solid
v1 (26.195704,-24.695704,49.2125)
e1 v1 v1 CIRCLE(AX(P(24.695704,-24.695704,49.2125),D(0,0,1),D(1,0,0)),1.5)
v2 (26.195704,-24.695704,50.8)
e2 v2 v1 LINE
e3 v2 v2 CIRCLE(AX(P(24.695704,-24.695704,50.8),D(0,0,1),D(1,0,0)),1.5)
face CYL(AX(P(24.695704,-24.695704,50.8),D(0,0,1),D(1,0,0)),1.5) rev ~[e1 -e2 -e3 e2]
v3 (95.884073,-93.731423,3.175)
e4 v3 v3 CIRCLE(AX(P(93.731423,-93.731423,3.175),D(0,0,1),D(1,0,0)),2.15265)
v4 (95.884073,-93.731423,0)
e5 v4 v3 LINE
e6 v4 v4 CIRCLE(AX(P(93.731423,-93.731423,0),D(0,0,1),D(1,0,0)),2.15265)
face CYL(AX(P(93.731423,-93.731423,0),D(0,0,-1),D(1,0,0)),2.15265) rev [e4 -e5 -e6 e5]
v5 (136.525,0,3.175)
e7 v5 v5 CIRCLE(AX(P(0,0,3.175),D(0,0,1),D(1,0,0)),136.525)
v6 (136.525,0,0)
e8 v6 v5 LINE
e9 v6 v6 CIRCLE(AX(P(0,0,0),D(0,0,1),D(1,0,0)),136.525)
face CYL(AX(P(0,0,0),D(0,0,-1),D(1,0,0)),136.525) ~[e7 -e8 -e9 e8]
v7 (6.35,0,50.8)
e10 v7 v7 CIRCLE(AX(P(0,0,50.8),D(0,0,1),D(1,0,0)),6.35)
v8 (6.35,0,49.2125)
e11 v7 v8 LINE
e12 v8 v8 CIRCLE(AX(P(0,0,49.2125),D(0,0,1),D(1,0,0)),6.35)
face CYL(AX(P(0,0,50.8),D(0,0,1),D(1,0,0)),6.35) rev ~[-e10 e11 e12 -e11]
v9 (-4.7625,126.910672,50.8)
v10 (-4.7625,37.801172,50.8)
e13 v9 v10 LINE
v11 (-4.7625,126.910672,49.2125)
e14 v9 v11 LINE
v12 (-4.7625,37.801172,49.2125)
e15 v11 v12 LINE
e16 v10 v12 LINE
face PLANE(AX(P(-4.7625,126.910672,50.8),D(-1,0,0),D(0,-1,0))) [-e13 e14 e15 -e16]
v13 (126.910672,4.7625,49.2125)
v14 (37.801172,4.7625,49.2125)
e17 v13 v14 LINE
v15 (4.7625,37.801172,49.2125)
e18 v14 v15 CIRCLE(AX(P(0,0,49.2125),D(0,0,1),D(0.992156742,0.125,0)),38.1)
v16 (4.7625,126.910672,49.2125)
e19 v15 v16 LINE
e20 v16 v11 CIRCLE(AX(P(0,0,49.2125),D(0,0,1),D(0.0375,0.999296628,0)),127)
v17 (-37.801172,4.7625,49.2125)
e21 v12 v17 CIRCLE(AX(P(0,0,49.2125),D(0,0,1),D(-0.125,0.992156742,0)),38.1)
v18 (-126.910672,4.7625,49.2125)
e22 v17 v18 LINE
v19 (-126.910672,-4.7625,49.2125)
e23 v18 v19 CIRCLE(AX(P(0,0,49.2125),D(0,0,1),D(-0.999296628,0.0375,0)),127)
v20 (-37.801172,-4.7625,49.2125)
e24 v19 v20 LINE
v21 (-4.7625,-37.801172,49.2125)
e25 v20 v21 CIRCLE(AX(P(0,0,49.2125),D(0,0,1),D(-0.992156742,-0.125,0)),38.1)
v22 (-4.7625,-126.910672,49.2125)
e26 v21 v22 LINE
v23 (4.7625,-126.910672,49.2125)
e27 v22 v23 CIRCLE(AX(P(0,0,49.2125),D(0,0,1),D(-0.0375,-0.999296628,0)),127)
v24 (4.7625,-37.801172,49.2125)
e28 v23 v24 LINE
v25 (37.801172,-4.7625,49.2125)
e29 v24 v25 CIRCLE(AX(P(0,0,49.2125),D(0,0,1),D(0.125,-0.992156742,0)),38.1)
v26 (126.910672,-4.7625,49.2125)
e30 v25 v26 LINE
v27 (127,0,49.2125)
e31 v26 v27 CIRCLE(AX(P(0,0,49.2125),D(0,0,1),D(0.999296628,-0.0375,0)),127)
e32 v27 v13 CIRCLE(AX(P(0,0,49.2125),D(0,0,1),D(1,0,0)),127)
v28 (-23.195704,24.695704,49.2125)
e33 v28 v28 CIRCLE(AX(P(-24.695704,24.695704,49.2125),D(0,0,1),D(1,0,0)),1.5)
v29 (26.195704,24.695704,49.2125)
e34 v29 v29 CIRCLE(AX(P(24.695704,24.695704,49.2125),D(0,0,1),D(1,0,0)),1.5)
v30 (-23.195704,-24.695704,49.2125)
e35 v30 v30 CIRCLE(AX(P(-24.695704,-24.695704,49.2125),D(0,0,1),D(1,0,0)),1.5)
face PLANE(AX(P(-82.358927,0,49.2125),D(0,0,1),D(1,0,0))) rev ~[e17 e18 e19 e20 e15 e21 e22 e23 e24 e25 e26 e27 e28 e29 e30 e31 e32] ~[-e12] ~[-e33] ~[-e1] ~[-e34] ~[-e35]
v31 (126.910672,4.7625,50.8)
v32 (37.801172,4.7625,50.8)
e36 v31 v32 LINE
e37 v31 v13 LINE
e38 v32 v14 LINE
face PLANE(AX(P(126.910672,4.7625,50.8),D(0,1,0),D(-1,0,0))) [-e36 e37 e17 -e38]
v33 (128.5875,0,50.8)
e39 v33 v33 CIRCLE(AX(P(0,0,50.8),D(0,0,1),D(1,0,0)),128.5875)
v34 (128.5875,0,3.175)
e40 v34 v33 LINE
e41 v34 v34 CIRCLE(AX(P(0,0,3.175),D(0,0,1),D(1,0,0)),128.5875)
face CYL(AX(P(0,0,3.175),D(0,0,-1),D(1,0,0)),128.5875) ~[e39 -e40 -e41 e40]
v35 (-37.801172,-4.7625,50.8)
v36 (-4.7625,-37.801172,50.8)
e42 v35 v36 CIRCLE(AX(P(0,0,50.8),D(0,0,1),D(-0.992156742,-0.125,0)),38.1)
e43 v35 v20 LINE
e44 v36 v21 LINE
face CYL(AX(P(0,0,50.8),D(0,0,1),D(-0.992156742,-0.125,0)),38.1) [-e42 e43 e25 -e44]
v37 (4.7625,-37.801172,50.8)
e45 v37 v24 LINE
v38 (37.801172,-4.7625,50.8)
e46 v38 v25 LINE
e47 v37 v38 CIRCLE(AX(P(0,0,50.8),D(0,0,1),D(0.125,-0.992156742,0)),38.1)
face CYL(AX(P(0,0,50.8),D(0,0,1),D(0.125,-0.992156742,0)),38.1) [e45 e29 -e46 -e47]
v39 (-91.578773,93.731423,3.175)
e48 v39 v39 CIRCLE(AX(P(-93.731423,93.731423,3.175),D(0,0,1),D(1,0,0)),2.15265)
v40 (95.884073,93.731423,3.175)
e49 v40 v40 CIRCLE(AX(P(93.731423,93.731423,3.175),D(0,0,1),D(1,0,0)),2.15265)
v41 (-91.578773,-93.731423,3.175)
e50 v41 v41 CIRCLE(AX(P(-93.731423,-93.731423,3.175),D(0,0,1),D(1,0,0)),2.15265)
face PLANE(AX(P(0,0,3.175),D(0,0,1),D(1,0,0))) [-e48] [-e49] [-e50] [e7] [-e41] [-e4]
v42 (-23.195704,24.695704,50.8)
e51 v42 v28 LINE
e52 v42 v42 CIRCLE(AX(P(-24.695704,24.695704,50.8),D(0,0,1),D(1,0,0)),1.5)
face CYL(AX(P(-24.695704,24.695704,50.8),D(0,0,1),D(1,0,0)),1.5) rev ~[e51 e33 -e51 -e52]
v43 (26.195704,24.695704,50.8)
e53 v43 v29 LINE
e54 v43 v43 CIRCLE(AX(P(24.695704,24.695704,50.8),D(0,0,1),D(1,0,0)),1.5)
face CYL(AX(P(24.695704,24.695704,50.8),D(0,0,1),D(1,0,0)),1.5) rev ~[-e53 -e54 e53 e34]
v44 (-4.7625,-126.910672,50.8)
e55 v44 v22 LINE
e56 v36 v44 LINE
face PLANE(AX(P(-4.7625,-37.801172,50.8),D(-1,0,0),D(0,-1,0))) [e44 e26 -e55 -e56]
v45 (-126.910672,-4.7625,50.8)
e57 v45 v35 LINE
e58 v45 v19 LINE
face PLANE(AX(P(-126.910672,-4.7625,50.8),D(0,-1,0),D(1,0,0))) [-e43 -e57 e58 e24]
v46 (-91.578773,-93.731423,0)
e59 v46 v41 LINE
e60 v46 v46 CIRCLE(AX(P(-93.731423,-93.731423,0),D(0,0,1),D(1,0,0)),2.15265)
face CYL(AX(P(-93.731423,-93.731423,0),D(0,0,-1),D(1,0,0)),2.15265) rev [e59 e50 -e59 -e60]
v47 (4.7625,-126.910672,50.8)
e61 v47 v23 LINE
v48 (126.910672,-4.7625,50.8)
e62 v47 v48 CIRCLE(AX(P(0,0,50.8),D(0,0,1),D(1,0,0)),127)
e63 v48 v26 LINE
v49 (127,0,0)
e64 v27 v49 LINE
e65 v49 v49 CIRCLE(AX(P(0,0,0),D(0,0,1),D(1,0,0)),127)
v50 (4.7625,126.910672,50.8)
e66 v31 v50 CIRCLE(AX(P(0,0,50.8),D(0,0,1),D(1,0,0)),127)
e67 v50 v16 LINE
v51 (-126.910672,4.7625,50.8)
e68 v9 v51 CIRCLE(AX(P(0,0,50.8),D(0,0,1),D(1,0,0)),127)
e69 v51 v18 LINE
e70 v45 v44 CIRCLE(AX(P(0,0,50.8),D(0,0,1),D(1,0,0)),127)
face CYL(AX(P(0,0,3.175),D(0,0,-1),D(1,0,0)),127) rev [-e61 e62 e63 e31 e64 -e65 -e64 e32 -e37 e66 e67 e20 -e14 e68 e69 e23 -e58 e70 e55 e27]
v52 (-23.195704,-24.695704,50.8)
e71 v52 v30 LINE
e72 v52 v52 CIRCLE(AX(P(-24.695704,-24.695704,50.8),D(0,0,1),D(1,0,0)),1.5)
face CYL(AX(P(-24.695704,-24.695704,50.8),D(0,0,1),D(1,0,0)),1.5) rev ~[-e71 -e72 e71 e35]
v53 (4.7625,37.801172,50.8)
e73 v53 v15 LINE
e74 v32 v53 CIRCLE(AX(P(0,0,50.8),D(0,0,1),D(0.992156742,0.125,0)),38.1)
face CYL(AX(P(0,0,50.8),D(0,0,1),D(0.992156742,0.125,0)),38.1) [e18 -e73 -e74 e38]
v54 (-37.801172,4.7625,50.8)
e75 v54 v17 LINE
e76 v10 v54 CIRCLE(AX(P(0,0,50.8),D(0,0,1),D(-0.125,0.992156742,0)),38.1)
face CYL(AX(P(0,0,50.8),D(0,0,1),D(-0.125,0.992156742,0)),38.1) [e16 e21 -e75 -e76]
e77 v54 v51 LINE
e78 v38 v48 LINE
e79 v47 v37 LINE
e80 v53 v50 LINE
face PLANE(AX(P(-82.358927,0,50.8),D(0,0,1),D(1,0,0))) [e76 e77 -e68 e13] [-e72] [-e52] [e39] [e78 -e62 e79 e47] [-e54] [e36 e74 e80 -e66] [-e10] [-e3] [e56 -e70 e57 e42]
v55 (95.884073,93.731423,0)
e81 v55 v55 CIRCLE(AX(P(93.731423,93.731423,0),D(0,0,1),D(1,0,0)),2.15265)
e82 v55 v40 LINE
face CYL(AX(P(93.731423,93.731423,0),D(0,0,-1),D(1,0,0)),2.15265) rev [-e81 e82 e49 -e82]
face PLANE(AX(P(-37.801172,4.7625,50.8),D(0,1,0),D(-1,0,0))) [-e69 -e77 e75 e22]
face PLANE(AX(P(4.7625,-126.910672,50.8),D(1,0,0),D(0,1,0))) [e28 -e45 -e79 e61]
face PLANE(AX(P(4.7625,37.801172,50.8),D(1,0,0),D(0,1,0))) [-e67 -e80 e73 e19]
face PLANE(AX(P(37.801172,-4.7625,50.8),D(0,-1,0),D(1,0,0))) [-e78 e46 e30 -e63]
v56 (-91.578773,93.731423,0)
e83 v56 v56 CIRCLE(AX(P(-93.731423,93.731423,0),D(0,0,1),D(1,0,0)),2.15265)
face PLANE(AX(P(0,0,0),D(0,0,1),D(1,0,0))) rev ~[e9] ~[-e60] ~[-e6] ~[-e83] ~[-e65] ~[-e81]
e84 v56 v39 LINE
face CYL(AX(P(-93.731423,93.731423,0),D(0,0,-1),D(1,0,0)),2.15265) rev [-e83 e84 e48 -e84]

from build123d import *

# Parameters (mm, degrees)
F0_R     = 136.525
F0_R_2   = 2.15265
F0_R_3   = 127
F1_DEPTH = 3.175
F2_R     = 128.5875
F2_R_2   = 127
F3_DEPTH = 47.625
F5_DEPTH = 1.5875
F6_R     = 1.5
F6_R_2   = 6.35
F7_DEPTH = 1.5875


with BuildPart() as f1:
    # F0 (on Top) → F1 (new body)
    with BuildSketch(Plane.XY):
        Circle(F0_R)
        with Locations((-93.7314232637, -93.7314232637)):
            Circle(F0_R_2, mode=Mode.SUBTRACT)
        with Locations((93.7314232637, -93.7314232637)):
            Circle(F0_R_2, mode=Mode.SUBTRACT)
        with Locations((-93.7314232637, 93.7314232637)):
            Circle(F0_R_2, mode=Mode.SUBTRACT)
        Circle(F0_R_3, mode=Mode.SUBTRACT)
        with Locations((93.7314232637, 93.7314232637)):
            Circle(F0_R_2, mode=Mode.SUBTRACT)
    extrude(amount=F1_DEPTH)

    # F2 (on face) → F3 (join)
    with BuildSketch(Plane.XY.offset(3.175)):
        Circle(F2_R)
        Circle(F2_R_2, mode=Mode.SUBTRACT)
    extrude(amount=F3_DEPTH)

    # F4 (on face) → F5 (join)
    with BuildSketch(Plane.XY.offset(50.8)):
        with BuildLine():
            Line((-37.8011718568, 4.7625), (-126.9106717095, 4.7625))
            ThreePointArc((-126.9106717095, 4.7625), (-127, 0), (-126.9106717095, -4.7625))
            Line((-126.9106717095, -4.7625), (-37.8011718568, -4.7625))
            Line((-37.8011718568, -4.7625), (-37.8011718568, 4.7625))
        make_face()
        with BuildLine():
            ThreePointArc((127, 0), (126.9776659636, 2.3816688368), (126.9106717095, 4.7625))
            Line((126.9106717095, 4.7625), (37.8011718568, 4.7625))
            Line((37.8011718568, 4.7625), (37.8011718568, -4.7625))
            Line((37.8011718568, -4.7625), (126.9106717095, -4.7625))
            ThreePointArc((126.9106717095, -4.7625), (126.9776659636, -2.3816688368), (127, 0))
        make_face()
        with BuildLine():
            Line((-4.7625, -37.8011718568), (-4.7625, -126.9106717095))
            ThreePointArc((-4.7625, -126.9106717095), (0, -127), (4.7625, -126.9106717095))
            Line((4.7625, -126.9106717095), (4.7625, -37.8011718568))
            Line((4.7625, -37.8011718568), (-4.7625, -37.8011718568))
        make_face()
        with BuildLine():
            ThreePointArc((4.7625, 126.9106717095), (0, 127), (-4.7625, 126.9106717095))
            Line((-4.7625, 126.9106717095), (-4.7625, 37.8011718568))
            Line((-4.7625, 37.8011718568), (4.7625, 37.8011718568))
            Line((4.7625, 37.8011718568), (4.7625, 126.9106717095))
        make_face()
        with BuildLine():
            ThreePointArc((-4.7625, 37.8011718568), (-26.9407683632, 26.9407683632), (-37.8011718568, 4.7625))
            Line((-37.8011718568, 4.7625), (-37.8011718568, -4.7625))
            ThreePointArc((-37.8011718568, -4.7625), (-26.9407683632, -26.9407683632), (-4.7625, -37.8011718568))
            Line((-4.7625, -37.8011718568), (4.7625, -37.8011718568))
            ThreePointArc((4.7625, -37.8011718568), (26.9407683632, -26.9407683632), (37.8011718568, -4.7625))
            Line((37.8011718568, -4.7625), (37.8011718568, 4.7625))
            ThreePointArc((37.8011718568, 4.7625), (26.9407683632, 26.9407683632), (4.7625, 37.8011718568))
            Line((4.7625, 37.8011718568), (-4.7625, 37.8011718568))
        make_face()
    extrude(amount=-F5_DEPTH)

    # F6 (on face) → F7 (cut, through all)
    with BuildSketch(Plane.XY.offset(50.8)):
        with Locations((24.6957043329, 24.6957043329)):
            Circle(F6_R)
        with Locations((24.6957043329, -24.6957043329)):
            Circle(F6_R)
        with Locations((-24.6957043329, -24.6957043329)):
            Circle(F6_R)
        with Locations((-24.6957043329, 24.6957043329)):
            Circle(F6_R)
        Circle(F6_R_2)
    extrude(amount=-F7_DEPTH, mode=Mode.SUBTRACT)


solid = f1.part
